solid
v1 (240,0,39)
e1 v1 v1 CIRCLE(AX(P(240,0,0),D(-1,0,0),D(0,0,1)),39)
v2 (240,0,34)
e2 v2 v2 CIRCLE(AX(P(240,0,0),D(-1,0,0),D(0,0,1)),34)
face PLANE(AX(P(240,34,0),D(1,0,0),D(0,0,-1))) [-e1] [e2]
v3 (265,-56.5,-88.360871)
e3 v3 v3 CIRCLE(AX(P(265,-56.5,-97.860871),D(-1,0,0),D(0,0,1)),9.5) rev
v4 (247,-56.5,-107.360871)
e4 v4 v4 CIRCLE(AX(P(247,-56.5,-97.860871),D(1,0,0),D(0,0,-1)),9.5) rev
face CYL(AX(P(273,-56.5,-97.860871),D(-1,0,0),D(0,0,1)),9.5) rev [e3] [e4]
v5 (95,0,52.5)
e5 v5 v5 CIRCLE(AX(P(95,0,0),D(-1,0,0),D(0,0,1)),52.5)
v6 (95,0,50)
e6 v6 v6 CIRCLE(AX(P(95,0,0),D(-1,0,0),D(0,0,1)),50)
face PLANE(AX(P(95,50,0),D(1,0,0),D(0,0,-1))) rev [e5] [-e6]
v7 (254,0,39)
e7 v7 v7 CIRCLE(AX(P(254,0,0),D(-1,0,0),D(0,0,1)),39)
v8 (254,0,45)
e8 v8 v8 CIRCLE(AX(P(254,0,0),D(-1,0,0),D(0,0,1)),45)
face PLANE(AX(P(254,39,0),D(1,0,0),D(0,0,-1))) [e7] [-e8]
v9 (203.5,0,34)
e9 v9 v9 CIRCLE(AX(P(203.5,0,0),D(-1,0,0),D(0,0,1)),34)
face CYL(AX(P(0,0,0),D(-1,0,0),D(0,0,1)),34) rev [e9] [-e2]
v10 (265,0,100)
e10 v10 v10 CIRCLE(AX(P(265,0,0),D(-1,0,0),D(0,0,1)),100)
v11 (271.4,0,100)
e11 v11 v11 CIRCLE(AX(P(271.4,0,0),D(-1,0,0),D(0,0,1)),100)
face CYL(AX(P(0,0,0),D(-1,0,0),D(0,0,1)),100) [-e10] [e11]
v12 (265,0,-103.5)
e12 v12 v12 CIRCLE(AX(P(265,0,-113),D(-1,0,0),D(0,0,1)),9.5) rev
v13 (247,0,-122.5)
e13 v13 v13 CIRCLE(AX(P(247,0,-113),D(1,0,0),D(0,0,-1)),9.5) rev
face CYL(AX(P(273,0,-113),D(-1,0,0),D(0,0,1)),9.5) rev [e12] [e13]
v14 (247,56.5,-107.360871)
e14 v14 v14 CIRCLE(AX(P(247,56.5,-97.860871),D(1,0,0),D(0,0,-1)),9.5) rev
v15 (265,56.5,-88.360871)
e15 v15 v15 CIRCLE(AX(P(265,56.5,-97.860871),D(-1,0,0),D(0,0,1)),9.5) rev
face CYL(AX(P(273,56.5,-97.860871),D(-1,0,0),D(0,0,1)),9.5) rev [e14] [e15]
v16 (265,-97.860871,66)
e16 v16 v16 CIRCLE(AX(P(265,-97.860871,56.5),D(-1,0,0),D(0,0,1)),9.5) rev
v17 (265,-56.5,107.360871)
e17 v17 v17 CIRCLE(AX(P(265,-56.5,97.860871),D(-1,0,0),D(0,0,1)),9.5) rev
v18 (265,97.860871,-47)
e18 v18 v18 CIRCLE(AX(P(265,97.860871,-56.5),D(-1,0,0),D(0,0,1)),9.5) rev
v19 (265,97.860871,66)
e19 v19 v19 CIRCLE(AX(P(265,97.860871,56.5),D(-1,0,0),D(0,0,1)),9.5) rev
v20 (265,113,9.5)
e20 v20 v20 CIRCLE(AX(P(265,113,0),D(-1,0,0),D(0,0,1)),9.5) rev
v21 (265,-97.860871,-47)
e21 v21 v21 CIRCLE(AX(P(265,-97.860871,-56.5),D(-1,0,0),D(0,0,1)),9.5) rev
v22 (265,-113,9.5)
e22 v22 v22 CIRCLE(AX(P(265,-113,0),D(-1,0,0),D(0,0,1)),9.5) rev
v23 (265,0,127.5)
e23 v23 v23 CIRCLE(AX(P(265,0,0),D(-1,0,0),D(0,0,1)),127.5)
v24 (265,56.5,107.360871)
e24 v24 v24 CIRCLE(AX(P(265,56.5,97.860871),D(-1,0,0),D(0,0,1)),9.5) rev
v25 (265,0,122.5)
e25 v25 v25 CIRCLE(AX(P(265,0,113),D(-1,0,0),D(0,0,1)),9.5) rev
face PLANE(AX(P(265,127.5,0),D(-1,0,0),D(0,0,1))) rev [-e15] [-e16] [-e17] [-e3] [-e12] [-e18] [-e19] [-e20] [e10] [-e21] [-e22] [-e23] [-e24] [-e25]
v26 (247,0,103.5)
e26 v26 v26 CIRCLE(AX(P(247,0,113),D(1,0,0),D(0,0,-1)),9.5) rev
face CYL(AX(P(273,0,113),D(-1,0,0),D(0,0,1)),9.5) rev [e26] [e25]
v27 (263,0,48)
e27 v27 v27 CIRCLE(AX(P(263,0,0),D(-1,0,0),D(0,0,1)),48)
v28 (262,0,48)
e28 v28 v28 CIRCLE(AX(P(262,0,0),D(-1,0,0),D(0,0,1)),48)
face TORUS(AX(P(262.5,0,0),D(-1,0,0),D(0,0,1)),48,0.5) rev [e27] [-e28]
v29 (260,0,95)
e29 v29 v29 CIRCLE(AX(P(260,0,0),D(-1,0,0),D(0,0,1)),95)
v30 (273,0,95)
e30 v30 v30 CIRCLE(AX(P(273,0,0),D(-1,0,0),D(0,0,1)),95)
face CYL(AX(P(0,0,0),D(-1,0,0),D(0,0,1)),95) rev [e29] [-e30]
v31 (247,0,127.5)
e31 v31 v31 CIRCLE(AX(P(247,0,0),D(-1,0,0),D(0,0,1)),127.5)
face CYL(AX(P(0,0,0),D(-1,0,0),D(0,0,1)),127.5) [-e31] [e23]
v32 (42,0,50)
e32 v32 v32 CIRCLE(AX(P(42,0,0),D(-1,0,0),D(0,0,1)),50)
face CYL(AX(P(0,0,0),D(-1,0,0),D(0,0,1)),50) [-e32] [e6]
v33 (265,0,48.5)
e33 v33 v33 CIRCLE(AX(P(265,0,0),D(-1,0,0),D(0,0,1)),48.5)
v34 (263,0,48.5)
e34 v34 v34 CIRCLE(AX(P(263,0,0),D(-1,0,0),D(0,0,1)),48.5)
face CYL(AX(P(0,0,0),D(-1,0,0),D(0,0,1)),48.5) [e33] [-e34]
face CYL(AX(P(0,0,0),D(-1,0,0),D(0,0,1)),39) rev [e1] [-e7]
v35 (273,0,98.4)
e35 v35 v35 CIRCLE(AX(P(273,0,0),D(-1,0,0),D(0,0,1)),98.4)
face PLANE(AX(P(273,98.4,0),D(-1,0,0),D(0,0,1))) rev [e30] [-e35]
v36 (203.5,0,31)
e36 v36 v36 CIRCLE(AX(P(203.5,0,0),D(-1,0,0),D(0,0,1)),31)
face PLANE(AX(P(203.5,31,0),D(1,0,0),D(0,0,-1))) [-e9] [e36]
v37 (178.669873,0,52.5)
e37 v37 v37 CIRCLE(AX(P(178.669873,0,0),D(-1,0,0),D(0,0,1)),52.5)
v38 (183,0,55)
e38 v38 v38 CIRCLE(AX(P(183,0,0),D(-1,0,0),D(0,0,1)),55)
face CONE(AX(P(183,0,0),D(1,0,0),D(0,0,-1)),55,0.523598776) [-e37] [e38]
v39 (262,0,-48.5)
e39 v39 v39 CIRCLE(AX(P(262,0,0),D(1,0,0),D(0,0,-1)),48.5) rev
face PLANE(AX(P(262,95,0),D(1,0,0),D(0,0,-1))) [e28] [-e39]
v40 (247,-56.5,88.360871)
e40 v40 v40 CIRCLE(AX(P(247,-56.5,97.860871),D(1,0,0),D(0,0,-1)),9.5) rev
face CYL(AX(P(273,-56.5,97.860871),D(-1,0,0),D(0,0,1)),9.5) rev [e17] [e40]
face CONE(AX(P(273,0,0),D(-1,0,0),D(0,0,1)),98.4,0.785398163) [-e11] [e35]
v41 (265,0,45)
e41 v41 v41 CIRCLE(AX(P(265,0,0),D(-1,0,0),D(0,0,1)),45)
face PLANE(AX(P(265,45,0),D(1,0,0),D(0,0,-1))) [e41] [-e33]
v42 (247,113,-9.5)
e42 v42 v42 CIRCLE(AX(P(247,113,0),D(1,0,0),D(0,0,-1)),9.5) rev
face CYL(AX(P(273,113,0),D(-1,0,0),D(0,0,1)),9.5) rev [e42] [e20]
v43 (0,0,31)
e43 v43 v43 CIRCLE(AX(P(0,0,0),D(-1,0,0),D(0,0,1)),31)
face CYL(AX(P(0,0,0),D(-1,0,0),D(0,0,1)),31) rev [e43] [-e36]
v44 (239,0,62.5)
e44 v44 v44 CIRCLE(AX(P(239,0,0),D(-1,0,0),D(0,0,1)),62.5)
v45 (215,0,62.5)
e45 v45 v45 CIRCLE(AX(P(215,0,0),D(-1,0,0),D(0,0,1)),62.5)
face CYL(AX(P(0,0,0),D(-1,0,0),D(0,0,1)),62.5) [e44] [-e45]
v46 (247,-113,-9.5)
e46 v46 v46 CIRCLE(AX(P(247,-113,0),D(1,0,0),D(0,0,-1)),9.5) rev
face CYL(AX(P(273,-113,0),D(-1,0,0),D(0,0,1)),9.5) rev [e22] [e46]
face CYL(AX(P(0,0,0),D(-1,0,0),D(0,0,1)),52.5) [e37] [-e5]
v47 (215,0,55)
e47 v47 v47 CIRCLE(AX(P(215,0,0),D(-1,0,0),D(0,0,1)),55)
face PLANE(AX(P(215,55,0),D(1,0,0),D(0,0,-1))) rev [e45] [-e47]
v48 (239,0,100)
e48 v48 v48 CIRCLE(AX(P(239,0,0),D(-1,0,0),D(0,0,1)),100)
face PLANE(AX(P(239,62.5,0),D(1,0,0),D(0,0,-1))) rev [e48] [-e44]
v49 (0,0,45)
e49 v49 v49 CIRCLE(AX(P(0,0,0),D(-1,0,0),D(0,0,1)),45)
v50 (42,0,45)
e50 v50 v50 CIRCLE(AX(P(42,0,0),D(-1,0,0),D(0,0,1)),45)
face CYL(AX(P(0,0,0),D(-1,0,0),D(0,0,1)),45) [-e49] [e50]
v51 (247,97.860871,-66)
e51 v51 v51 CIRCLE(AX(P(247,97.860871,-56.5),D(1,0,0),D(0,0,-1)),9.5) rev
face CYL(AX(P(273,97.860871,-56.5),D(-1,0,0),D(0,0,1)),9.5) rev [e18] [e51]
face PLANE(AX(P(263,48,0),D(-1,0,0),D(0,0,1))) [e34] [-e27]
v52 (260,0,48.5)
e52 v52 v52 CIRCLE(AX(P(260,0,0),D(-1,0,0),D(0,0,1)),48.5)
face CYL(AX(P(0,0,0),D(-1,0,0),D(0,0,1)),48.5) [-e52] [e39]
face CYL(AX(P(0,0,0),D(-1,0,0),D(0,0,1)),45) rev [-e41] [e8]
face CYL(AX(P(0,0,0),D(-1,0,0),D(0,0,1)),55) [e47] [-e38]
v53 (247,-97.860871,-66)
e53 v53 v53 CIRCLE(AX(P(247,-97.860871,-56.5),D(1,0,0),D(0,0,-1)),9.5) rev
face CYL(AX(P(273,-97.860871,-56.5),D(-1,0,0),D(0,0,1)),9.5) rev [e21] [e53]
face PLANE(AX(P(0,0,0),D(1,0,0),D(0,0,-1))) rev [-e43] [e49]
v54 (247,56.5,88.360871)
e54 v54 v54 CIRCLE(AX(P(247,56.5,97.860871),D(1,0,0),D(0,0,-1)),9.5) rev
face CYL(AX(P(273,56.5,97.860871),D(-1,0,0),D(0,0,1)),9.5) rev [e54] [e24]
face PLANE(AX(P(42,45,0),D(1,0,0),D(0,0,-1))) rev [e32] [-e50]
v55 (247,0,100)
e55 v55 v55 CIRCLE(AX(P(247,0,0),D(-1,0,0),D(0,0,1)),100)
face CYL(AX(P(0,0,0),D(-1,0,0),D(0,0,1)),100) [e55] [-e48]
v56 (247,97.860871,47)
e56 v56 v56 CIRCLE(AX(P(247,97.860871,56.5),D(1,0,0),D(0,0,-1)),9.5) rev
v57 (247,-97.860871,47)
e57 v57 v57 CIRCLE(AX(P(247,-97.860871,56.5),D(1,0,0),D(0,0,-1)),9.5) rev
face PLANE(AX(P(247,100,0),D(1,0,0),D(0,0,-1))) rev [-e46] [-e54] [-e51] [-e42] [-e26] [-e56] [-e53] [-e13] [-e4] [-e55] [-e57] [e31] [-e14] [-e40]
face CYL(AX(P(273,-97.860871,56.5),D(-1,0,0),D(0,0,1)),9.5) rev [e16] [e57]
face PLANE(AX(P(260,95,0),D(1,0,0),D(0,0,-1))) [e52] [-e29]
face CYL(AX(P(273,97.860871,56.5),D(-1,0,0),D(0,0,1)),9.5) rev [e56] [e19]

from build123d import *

# Parameters (mm, degrees)
SKETCH_3_W           = 2
SKETCH_3_H           = 46.5
SKETCH_5_W           = 2
SKETCH_5_H           = 46.5
SKETCH_6_R           = 9.5
CUT_EXTRUDE_1_DEPTH  = 328.171973127
SKETCH_7_R           = 9.5
CUT_EXTRUDE_2_DEPTH  = 328.171973127
SKETCH_8_R           = 9.5
CUT_EXTRUDE_3_DEPTH  = 328.171973127
SKETCH_9_R           = 9.5
CUT_EXTRUDE_4_DEPTH  = 328.171973127
SKETCH_10_R          = 9.5
CUT_EXTRUDE_5_DEPTH  = 328.171973127
SKETCH_11_R          = 9.5
CUT_EXTRUDE_6_DEPTH  = 328.171973127
SKETCH_12_R          = 9.5
CUT_EXTRUDE_7_DEPTH  = 328.171973127
SKETCH_13_R          = 9.5
CUT_EXTRUDE_8_DEPTH  = 328.171973127
SKETCH_14_R          = 9.5
CUT_EXTRUDE_9_DEPTH  = 328.171973127
SKETCH_15_R          = 9.5
CUT_EXTRUDE_10_DEPTH = 328.171973127
SKETCH_16_R          = 9.5
CUT_EXTRUDE_11_DEPTH = 328.171973127
SKETCH_17_R          = 9.5
CUT_EXTRUDE_12_DEPTH = 328.171973127


with BuildPart() as part:
    # Эскиз1 → Повернуть1 (revolve)
    with BuildSketch(Plane.XY, mode=Mode.PRIVATE) as revolve_1_sk:
        Polygon((0, 0), (273, 0), (273, 98.4), (271.4, 100), (265, 100), (265, 127.5), (247, 127.5), (247, 100), (239, 100), (239, 62.5), (215, 62.5), (215, 55), (183, 55), (178.669872981, 52.5), (95, 52.5), (95, 50), (42, 50), (42, 45), (0, 45), align=None)
    revolve(revolve_1_sk.sketch.rotate(Axis((0, 0, 0), (1, 0, 0)), 90), axis=Axis((0, 0, 0), (1, 0, 0)))

    # Эскиз2 → Вырез-Повернуть1 (revolve, cut)
    with BuildSketch(Plane.XY, mode=Mode.PRIVATE) as cut_revolve_1_sk:
        Polygon((0, 0), (273, 0), (273, 95), (265, 95), (265, 45), (254, 45), (254, 39), (240, 39), (240, 34), (203.5, 34), (203.5, 31), (0, 31), align=None)
    revolve(cut_revolve_1_sk.sketch.rotate(Axis((0, 0, 0), (1, 0, 0)), 90), axis=Axis((0, 0, 0), (1, 0, 0)), mode=Mode.SUBTRACT)

    # Эскиз3 → Rear_recess_left (revolve, cut)
    with BuildSketch(Plane.XY, mode=Mode.PRIVATE) as rear_recess_left_sk:
        with Locations((261, 71.75)):
            Rectangle(SKETCH_3_W, SKETCH_3_H)
    revolve(rear_recess_left_sk.sketch.rotate(Axis((0, 0, 0), (1, 0, 0)), 90), axis=Axis((0, 0, 0), (1, 0, 0)), mode=Mode.SUBTRACT)

    # Эскиз4 → Collar_groove_nominal (revolve, cut)
    with BuildSketch(Plane.XY, mode=Mode.PRIVATE) as collar_groove_nominal_sk:
        with BuildLine():
            Line((263, 48), (263, 95))
            Line((263, 95), (262, 95))
            Line((262, 95), (262, 48))
            ThreePointArc((262, 48), (262.146446609, 47.646446609), (262.5, 47.5))
            ThreePointArc((262.5, 47.5), (262.853553391, 47.646446609), (263, 48))
        make_face()
    revolve(collar_groove_nominal_sk.sketch.rotate(Axis((0, 0, 0), (1, 0, 0)), 90), axis=Axis((0, 0, 0), (1, 0, 0)), mode=Mode.SUBTRACT)

    # Эскиз5 → Rear_recess_lip (revolve, cut)
    with BuildSketch(Plane.XY, mode=Mode.PRIVATE) as rear_recess_lip_sk:
        with Locations((264, 71.75)):
            Rectangle(SKETCH_5_W, SKETCH_5_H)
    revolve(rear_recess_lip_sk.sketch.rotate(Axis((0, 0, 0), (1, 0, 0)), 90), axis=Axis((0, 0, 0), (1, 0, 0)), mode=Mode.SUBTRACT)

    # Эскиз6 → Вырез-Вытянуть1 (cut, through all)
    with BuildSketch(Plane(origin=(0, 0, 0), x_dir=(0, 0, -1), z_dir=(1, 0, 0))):
        with Locations(Location((0, 113, 0), (0, 0, 180))):
            Circle(SKETCH_6_R)
    extrude(amount=CUT_EXTRUDE_1_DEPTH, mode=Mode.SUBTRACT)

    # Эскиз7 → Вырез-Вытянуть2 (cut, through all)
    with BuildSketch(Plane(origin=(0, 0, 0), x_dir=(0, 0, -1), z_dir=(1, 0, 0))):
        with Locations(Location((-56.5, 97.860870628, 0), (0, 0, 180))):
            Circle(SKETCH_7_R)
    extrude(amount=CUT_EXTRUDE_2_DEPTH, mode=Mode.SUBTRACT)

    # Эскиз8 → Вырез-Вытянуть3 (cut, through all)
    with BuildSketch(Plane(origin=(0, 0, 0), x_dir=(0, 0, -1), z_dir=(1, 0, 0))):
        with Locations(Location((-97.860870628, 56.5, 0), (0, 0, 180))):
            Circle(SKETCH_8_R)
    extrude(amount=CUT_EXTRUDE_3_DEPTH, mode=Mode.SUBTRACT)

    # Эскиз9 → Вырез-Вытянуть4 (cut, through all)
    with BuildSketch(Plane(origin=(0, 0, 0), x_dir=(0, 0, -1), z_dir=(1, 0, 0))):
        with Locations(Location((-113, 0, 0), (0, 0, 180))):
            Circle(SKETCH_9_R)
    extrude(amount=CUT_EXTRUDE_4_DEPTH, mode=Mode.SUBTRACT)

    # Эскиз10 → Вырез-Вытянуть5 (cut, through all)
    with BuildSketch(Plane(origin=(0, 0, 0), x_dir=(0, 0, -1), z_dir=(1, 0, 0))):
        with Locations(Location((-97.860870628, -56.5, 0), (0, 0, 180))):
            Circle(SKETCH_10_R)
    extrude(amount=CUT_EXTRUDE_5_DEPTH, mode=Mode.SUBTRACT)

    # Эскиз11 → Вырез-Вытянуть6 (cut, through all)
    with BuildSketch(Plane(origin=(0, 0, 0), x_dir=(0, 0, -1), z_dir=(1, 0, 0))):
        with Locations(Location((-56.5, -97.860870628, 0), (0, 0, 180))):
            Circle(SKETCH_11_R)
    extrude(amount=CUT_EXTRUDE_6_DEPTH, mode=Mode.SUBTRACT)

    # Эскиз12 → Вырез-Вытянуть7 (cut, through all)
    with BuildSketch(Plane(origin=(0, 0, 0), x_dir=(0, 0, -1), z_dir=(1, 0, 0))):
        with Locations(Location((0, -113, 0), (0, 0, 180))):
            Circle(SKETCH_12_R)
    extrude(amount=CUT_EXTRUDE_7_DEPTH, mode=Mode.SUBTRACT)

    # Эскиз13 → Вырез-Вытянуть8 (cut, through all)
    with BuildSketch(Plane(origin=(0, 0, 0), x_dir=(0, 0, -1), z_dir=(1, 0, 0))):
        with Locations(Location((56.5, -97.860870628, 0), (0, 0, 180))):
            Circle(SKETCH_13_R)
    extrude(amount=CUT_EXTRUDE_8_DEPTH, mode=Mode.SUBTRACT)

    # Эскиз14 → Вырез-Вытянуть9 (cut, through all)
    with BuildSketch(Plane(origin=(0, 0, 0), x_dir=(0, 0, -1), z_dir=(1, 0, 0))):
        with Locations(Location((97.860870628, -56.5, 0), (0, 0, 180))):
            Circle(SKETCH_14_R)
    extrude(amount=CUT_EXTRUDE_9_DEPTH, mode=Mode.SUBTRACT)

    # Эскиз15 → Вырез-Вытянуть10 (cut, through all)
    with BuildSketch(Plane(origin=(0, 0, 0), x_dir=(0, 0, -1), z_dir=(1, 0, 0))):
        with Locations(Location((113, 0, 0), (0, 0, 180))):
            Circle(SKETCH_15_R)
    extrude(amount=CUT_EXTRUDE_10_DEPTH, mode=Mode.SUBTRACT)

    # Эскиз16 → Вырез-Вытянуть11 (cut, through all)
    with BuildSketch(Plane(origin=(0, 0, 0), x_dir=(0, 0, -1), z_dir=(1, 0, 0))):
        with Locations(Location((97.860870628, 56.5, 0), (0, 0, 180))):
            Circle(SKETCH_16_R)
    extrude(amount=CUT_EXTRUDE_11_DEPTH, mode=Mode.SUBTRACT)

    # Эскиз17 → Вырез-Вытянуть12 (cut, through all)
    with BuildSketch(Plane(origin=(0, 0, 0), x_dir=(0, 0, -1), z_dir=(1, 0, 0))):
        with Locations(Location((56.5, 97.860870628, 0), (0, 0, 180))):
            Circle(SKETCH_17_R)
    extrude(amount=CUT_EXTRUDE_12_DEPTH, mode=Mode.SUBTRACT)


solid = part.part
